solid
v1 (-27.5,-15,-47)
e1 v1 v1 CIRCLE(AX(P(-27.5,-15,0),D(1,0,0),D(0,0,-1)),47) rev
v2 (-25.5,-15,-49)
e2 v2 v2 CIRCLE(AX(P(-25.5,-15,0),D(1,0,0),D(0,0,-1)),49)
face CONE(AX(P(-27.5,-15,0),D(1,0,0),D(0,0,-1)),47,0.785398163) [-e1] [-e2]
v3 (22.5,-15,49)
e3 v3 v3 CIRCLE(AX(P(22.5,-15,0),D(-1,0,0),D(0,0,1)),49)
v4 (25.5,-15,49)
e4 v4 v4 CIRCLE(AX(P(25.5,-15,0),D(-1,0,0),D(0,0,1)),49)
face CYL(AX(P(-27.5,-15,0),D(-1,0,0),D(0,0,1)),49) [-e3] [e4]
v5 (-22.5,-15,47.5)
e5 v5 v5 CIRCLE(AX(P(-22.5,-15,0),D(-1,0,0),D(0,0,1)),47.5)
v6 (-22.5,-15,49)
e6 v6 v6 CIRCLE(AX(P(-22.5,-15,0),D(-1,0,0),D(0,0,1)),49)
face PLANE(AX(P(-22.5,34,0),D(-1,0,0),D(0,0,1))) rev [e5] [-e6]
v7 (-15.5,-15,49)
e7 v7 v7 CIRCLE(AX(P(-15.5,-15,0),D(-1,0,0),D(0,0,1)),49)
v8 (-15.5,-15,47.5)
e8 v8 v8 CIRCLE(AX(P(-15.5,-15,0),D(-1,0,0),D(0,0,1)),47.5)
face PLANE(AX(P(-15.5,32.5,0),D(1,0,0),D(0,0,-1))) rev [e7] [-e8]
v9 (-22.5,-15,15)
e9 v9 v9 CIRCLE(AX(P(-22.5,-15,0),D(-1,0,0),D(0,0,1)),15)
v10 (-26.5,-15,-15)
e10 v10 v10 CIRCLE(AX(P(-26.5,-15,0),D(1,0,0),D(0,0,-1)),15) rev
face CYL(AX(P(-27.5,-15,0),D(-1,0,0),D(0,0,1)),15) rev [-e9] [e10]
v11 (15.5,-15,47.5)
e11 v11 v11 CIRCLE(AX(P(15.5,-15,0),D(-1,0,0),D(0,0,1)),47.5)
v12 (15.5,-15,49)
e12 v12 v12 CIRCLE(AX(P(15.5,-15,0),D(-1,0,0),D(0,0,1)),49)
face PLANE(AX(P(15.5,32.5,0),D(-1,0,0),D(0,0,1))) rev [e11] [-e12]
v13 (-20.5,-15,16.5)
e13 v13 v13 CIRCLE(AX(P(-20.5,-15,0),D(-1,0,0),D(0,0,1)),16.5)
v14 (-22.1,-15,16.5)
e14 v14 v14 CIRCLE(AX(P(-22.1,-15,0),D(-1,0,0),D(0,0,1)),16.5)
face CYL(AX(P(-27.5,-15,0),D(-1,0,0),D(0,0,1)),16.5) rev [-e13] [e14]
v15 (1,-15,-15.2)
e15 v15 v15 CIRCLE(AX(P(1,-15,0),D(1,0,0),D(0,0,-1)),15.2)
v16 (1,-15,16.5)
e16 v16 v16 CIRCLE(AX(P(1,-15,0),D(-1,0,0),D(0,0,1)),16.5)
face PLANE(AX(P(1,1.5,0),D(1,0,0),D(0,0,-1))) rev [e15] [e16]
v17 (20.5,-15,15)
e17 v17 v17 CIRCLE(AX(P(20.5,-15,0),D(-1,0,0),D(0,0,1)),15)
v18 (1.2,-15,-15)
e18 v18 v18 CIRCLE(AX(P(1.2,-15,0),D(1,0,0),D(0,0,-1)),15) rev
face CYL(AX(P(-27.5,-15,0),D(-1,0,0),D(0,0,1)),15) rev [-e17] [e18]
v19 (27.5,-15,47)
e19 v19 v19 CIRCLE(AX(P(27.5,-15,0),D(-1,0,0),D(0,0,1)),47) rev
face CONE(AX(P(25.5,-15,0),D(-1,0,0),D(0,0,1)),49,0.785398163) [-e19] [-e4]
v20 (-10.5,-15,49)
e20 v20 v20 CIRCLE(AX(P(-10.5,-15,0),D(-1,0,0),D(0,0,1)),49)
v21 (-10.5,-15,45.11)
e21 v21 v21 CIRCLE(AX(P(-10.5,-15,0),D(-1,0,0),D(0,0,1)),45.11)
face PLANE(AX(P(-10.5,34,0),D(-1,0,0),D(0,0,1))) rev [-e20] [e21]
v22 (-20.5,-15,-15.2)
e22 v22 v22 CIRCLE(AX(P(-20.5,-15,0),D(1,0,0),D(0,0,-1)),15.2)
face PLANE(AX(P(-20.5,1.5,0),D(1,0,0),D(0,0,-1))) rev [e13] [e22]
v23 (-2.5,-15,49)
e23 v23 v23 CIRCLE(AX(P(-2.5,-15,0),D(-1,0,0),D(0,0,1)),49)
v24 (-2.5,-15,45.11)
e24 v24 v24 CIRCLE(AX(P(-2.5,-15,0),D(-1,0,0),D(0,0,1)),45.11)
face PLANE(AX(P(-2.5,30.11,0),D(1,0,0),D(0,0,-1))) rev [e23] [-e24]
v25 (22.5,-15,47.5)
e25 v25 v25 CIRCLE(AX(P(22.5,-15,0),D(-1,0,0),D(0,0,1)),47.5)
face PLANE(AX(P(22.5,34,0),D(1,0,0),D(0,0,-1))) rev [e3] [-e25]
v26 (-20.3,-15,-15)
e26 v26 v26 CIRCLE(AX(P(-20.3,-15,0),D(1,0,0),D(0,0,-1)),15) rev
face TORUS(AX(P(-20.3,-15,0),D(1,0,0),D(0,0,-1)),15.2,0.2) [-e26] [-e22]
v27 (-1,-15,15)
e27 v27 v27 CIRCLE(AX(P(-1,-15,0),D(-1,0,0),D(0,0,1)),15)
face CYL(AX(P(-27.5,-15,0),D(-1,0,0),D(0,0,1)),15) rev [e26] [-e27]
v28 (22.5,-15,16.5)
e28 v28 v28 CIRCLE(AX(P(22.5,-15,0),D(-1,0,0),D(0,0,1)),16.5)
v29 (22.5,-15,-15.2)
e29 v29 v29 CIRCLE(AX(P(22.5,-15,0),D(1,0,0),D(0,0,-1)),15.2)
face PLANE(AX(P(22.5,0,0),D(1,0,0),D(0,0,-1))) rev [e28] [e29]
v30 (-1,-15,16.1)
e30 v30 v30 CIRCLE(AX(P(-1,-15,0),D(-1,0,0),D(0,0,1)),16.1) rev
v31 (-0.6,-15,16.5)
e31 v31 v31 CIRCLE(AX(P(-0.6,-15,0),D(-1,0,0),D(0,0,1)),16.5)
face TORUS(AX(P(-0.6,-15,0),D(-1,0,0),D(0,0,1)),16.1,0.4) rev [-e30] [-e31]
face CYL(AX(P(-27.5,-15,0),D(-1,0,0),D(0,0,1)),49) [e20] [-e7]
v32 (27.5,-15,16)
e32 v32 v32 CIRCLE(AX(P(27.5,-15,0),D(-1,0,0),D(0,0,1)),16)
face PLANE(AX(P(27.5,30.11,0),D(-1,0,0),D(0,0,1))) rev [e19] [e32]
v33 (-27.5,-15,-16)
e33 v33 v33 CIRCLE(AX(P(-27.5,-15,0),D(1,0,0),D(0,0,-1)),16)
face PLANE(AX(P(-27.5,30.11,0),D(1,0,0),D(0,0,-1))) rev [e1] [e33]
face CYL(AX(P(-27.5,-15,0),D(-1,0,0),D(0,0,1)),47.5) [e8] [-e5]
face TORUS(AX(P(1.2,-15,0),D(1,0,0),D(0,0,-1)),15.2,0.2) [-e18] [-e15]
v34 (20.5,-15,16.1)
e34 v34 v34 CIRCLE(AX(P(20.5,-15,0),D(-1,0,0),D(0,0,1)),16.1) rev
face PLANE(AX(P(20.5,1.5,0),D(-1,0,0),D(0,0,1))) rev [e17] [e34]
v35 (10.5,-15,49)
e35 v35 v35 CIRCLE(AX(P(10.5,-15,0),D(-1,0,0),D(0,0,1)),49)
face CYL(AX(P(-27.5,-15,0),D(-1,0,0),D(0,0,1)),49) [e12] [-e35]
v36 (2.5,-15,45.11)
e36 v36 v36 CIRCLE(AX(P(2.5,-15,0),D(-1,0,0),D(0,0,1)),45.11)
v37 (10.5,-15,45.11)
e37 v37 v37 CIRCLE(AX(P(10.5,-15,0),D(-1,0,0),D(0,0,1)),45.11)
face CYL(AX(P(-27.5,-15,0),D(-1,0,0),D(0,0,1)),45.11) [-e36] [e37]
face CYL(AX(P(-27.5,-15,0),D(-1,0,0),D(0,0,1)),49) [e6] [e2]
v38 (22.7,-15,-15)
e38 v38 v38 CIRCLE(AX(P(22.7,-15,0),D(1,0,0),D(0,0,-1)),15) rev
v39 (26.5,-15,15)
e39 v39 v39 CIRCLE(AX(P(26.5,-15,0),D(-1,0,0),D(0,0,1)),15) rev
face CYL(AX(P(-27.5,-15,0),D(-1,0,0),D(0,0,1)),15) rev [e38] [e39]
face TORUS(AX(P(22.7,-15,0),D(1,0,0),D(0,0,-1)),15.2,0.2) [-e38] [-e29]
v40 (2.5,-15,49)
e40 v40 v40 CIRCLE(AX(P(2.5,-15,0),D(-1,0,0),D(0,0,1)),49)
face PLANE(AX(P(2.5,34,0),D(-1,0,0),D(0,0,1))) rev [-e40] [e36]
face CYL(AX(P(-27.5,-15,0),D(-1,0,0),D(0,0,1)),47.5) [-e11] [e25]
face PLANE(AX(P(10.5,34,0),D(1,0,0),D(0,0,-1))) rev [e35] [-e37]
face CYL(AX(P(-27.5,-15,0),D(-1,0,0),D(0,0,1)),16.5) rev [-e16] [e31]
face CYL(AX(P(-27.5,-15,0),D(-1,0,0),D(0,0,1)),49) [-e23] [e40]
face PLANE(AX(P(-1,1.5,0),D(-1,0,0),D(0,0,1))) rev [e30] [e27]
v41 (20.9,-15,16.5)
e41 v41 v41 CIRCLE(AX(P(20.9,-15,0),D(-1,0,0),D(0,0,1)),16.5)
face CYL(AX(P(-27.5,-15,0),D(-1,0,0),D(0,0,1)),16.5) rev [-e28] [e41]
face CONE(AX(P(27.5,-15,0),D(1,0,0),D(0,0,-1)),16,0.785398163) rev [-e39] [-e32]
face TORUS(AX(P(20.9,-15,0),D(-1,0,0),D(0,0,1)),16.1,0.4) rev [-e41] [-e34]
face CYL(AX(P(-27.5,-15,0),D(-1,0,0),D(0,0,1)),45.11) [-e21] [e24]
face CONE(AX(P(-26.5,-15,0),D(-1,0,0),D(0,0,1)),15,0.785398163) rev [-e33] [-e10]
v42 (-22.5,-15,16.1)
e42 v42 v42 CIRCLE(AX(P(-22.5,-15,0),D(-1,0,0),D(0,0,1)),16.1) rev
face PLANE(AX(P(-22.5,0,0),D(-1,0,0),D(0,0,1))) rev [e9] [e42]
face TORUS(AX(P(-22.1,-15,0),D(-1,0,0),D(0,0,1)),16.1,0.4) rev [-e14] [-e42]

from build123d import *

# Parameters (mm, degrees)
CHAMFER2_SIZE = 2
CHAMFER3_SIZE = 1
FILLET1_R     = 0.4
FILLET2_R     = 0.2


with BuildPart() as part:
    # Sketch3 → Revolve1 (revolve)
    with BuildSketch(Plane.XY, mode=Mode.PRIVATE) as revolve1_sk:
        Polygon((-27.5, 0), (-22.5, 0), (-22.5, 1.5), (-20.5, 1.5), (-20.5, 0), (-1, 0), (-1, 1.5), (1, 1.5), (1, 0), (20.5, 0), (20.5, 1.5), (22.5, 1.5), (22.5, 0), (27.5, 0), (27.5, 30.11), (27.5, 34), (22.5, 34), (22.5, 32.5), (15.5, 32.5), (15.5, 34), (10.5, 34), (10.5, 30.11), (2.5, 30.11), (2.5, 34), (-2.5, 34), (-2.5, 30.11), (-10.5, 30.11), (-10.5, 34), (-15.5, 34), (-15.5, 32.5), (-22.5, 32.5), (-22.5, 34), (-27.5, 34), (-27.5, 30.11), align=None)
    revolve(revolve1_sk.sketch.rotate(Axis((-27.5, -15, 0), (1, 0, 0)), 90), axis=Axis((-27.5, -15, 0), (1, 0, 0)))

    # Chamfer2
    chamfer2_edges = [part.edges().sort_by_distance(p)[0] for p in [
        (27.5, -15, -49),
        (-27.5, -15, -49),
    ]]
    chamfer(chamfer2_edges, length=CHAMFER2_SIZE)

    # Chamfer3
    chamfer3_edges = [part.edges().sort_by_distance(p)[0] for p in [
        (-27.5, -15, -15),
        (27.5, -15, -15),
    ]]
    chamfer(chamfer3_edges, length=CHAMFER3_SIZE)

    # Fillet1
    fillet1_edges = [part.edges().sort_by_distance(p)[0] for p in [
        (-22.5, -15, -16.5),
        (-1, -15, -16.5),
        (20.5, -15, -16.5),
    ]]
    fillet(fillet1_edges, radius=FILLET1_R)

    # Fillet2
    fillet2_edges = [part.edges().sort_by_distance(p)[0] for p in [
        (-20.5, -15, -15),
        (1, -15, -15),
        (22.5, -15, -15),
    ]]
    fillet(fillet2_edges, radius=FILLET2_R)


solid = part.part
